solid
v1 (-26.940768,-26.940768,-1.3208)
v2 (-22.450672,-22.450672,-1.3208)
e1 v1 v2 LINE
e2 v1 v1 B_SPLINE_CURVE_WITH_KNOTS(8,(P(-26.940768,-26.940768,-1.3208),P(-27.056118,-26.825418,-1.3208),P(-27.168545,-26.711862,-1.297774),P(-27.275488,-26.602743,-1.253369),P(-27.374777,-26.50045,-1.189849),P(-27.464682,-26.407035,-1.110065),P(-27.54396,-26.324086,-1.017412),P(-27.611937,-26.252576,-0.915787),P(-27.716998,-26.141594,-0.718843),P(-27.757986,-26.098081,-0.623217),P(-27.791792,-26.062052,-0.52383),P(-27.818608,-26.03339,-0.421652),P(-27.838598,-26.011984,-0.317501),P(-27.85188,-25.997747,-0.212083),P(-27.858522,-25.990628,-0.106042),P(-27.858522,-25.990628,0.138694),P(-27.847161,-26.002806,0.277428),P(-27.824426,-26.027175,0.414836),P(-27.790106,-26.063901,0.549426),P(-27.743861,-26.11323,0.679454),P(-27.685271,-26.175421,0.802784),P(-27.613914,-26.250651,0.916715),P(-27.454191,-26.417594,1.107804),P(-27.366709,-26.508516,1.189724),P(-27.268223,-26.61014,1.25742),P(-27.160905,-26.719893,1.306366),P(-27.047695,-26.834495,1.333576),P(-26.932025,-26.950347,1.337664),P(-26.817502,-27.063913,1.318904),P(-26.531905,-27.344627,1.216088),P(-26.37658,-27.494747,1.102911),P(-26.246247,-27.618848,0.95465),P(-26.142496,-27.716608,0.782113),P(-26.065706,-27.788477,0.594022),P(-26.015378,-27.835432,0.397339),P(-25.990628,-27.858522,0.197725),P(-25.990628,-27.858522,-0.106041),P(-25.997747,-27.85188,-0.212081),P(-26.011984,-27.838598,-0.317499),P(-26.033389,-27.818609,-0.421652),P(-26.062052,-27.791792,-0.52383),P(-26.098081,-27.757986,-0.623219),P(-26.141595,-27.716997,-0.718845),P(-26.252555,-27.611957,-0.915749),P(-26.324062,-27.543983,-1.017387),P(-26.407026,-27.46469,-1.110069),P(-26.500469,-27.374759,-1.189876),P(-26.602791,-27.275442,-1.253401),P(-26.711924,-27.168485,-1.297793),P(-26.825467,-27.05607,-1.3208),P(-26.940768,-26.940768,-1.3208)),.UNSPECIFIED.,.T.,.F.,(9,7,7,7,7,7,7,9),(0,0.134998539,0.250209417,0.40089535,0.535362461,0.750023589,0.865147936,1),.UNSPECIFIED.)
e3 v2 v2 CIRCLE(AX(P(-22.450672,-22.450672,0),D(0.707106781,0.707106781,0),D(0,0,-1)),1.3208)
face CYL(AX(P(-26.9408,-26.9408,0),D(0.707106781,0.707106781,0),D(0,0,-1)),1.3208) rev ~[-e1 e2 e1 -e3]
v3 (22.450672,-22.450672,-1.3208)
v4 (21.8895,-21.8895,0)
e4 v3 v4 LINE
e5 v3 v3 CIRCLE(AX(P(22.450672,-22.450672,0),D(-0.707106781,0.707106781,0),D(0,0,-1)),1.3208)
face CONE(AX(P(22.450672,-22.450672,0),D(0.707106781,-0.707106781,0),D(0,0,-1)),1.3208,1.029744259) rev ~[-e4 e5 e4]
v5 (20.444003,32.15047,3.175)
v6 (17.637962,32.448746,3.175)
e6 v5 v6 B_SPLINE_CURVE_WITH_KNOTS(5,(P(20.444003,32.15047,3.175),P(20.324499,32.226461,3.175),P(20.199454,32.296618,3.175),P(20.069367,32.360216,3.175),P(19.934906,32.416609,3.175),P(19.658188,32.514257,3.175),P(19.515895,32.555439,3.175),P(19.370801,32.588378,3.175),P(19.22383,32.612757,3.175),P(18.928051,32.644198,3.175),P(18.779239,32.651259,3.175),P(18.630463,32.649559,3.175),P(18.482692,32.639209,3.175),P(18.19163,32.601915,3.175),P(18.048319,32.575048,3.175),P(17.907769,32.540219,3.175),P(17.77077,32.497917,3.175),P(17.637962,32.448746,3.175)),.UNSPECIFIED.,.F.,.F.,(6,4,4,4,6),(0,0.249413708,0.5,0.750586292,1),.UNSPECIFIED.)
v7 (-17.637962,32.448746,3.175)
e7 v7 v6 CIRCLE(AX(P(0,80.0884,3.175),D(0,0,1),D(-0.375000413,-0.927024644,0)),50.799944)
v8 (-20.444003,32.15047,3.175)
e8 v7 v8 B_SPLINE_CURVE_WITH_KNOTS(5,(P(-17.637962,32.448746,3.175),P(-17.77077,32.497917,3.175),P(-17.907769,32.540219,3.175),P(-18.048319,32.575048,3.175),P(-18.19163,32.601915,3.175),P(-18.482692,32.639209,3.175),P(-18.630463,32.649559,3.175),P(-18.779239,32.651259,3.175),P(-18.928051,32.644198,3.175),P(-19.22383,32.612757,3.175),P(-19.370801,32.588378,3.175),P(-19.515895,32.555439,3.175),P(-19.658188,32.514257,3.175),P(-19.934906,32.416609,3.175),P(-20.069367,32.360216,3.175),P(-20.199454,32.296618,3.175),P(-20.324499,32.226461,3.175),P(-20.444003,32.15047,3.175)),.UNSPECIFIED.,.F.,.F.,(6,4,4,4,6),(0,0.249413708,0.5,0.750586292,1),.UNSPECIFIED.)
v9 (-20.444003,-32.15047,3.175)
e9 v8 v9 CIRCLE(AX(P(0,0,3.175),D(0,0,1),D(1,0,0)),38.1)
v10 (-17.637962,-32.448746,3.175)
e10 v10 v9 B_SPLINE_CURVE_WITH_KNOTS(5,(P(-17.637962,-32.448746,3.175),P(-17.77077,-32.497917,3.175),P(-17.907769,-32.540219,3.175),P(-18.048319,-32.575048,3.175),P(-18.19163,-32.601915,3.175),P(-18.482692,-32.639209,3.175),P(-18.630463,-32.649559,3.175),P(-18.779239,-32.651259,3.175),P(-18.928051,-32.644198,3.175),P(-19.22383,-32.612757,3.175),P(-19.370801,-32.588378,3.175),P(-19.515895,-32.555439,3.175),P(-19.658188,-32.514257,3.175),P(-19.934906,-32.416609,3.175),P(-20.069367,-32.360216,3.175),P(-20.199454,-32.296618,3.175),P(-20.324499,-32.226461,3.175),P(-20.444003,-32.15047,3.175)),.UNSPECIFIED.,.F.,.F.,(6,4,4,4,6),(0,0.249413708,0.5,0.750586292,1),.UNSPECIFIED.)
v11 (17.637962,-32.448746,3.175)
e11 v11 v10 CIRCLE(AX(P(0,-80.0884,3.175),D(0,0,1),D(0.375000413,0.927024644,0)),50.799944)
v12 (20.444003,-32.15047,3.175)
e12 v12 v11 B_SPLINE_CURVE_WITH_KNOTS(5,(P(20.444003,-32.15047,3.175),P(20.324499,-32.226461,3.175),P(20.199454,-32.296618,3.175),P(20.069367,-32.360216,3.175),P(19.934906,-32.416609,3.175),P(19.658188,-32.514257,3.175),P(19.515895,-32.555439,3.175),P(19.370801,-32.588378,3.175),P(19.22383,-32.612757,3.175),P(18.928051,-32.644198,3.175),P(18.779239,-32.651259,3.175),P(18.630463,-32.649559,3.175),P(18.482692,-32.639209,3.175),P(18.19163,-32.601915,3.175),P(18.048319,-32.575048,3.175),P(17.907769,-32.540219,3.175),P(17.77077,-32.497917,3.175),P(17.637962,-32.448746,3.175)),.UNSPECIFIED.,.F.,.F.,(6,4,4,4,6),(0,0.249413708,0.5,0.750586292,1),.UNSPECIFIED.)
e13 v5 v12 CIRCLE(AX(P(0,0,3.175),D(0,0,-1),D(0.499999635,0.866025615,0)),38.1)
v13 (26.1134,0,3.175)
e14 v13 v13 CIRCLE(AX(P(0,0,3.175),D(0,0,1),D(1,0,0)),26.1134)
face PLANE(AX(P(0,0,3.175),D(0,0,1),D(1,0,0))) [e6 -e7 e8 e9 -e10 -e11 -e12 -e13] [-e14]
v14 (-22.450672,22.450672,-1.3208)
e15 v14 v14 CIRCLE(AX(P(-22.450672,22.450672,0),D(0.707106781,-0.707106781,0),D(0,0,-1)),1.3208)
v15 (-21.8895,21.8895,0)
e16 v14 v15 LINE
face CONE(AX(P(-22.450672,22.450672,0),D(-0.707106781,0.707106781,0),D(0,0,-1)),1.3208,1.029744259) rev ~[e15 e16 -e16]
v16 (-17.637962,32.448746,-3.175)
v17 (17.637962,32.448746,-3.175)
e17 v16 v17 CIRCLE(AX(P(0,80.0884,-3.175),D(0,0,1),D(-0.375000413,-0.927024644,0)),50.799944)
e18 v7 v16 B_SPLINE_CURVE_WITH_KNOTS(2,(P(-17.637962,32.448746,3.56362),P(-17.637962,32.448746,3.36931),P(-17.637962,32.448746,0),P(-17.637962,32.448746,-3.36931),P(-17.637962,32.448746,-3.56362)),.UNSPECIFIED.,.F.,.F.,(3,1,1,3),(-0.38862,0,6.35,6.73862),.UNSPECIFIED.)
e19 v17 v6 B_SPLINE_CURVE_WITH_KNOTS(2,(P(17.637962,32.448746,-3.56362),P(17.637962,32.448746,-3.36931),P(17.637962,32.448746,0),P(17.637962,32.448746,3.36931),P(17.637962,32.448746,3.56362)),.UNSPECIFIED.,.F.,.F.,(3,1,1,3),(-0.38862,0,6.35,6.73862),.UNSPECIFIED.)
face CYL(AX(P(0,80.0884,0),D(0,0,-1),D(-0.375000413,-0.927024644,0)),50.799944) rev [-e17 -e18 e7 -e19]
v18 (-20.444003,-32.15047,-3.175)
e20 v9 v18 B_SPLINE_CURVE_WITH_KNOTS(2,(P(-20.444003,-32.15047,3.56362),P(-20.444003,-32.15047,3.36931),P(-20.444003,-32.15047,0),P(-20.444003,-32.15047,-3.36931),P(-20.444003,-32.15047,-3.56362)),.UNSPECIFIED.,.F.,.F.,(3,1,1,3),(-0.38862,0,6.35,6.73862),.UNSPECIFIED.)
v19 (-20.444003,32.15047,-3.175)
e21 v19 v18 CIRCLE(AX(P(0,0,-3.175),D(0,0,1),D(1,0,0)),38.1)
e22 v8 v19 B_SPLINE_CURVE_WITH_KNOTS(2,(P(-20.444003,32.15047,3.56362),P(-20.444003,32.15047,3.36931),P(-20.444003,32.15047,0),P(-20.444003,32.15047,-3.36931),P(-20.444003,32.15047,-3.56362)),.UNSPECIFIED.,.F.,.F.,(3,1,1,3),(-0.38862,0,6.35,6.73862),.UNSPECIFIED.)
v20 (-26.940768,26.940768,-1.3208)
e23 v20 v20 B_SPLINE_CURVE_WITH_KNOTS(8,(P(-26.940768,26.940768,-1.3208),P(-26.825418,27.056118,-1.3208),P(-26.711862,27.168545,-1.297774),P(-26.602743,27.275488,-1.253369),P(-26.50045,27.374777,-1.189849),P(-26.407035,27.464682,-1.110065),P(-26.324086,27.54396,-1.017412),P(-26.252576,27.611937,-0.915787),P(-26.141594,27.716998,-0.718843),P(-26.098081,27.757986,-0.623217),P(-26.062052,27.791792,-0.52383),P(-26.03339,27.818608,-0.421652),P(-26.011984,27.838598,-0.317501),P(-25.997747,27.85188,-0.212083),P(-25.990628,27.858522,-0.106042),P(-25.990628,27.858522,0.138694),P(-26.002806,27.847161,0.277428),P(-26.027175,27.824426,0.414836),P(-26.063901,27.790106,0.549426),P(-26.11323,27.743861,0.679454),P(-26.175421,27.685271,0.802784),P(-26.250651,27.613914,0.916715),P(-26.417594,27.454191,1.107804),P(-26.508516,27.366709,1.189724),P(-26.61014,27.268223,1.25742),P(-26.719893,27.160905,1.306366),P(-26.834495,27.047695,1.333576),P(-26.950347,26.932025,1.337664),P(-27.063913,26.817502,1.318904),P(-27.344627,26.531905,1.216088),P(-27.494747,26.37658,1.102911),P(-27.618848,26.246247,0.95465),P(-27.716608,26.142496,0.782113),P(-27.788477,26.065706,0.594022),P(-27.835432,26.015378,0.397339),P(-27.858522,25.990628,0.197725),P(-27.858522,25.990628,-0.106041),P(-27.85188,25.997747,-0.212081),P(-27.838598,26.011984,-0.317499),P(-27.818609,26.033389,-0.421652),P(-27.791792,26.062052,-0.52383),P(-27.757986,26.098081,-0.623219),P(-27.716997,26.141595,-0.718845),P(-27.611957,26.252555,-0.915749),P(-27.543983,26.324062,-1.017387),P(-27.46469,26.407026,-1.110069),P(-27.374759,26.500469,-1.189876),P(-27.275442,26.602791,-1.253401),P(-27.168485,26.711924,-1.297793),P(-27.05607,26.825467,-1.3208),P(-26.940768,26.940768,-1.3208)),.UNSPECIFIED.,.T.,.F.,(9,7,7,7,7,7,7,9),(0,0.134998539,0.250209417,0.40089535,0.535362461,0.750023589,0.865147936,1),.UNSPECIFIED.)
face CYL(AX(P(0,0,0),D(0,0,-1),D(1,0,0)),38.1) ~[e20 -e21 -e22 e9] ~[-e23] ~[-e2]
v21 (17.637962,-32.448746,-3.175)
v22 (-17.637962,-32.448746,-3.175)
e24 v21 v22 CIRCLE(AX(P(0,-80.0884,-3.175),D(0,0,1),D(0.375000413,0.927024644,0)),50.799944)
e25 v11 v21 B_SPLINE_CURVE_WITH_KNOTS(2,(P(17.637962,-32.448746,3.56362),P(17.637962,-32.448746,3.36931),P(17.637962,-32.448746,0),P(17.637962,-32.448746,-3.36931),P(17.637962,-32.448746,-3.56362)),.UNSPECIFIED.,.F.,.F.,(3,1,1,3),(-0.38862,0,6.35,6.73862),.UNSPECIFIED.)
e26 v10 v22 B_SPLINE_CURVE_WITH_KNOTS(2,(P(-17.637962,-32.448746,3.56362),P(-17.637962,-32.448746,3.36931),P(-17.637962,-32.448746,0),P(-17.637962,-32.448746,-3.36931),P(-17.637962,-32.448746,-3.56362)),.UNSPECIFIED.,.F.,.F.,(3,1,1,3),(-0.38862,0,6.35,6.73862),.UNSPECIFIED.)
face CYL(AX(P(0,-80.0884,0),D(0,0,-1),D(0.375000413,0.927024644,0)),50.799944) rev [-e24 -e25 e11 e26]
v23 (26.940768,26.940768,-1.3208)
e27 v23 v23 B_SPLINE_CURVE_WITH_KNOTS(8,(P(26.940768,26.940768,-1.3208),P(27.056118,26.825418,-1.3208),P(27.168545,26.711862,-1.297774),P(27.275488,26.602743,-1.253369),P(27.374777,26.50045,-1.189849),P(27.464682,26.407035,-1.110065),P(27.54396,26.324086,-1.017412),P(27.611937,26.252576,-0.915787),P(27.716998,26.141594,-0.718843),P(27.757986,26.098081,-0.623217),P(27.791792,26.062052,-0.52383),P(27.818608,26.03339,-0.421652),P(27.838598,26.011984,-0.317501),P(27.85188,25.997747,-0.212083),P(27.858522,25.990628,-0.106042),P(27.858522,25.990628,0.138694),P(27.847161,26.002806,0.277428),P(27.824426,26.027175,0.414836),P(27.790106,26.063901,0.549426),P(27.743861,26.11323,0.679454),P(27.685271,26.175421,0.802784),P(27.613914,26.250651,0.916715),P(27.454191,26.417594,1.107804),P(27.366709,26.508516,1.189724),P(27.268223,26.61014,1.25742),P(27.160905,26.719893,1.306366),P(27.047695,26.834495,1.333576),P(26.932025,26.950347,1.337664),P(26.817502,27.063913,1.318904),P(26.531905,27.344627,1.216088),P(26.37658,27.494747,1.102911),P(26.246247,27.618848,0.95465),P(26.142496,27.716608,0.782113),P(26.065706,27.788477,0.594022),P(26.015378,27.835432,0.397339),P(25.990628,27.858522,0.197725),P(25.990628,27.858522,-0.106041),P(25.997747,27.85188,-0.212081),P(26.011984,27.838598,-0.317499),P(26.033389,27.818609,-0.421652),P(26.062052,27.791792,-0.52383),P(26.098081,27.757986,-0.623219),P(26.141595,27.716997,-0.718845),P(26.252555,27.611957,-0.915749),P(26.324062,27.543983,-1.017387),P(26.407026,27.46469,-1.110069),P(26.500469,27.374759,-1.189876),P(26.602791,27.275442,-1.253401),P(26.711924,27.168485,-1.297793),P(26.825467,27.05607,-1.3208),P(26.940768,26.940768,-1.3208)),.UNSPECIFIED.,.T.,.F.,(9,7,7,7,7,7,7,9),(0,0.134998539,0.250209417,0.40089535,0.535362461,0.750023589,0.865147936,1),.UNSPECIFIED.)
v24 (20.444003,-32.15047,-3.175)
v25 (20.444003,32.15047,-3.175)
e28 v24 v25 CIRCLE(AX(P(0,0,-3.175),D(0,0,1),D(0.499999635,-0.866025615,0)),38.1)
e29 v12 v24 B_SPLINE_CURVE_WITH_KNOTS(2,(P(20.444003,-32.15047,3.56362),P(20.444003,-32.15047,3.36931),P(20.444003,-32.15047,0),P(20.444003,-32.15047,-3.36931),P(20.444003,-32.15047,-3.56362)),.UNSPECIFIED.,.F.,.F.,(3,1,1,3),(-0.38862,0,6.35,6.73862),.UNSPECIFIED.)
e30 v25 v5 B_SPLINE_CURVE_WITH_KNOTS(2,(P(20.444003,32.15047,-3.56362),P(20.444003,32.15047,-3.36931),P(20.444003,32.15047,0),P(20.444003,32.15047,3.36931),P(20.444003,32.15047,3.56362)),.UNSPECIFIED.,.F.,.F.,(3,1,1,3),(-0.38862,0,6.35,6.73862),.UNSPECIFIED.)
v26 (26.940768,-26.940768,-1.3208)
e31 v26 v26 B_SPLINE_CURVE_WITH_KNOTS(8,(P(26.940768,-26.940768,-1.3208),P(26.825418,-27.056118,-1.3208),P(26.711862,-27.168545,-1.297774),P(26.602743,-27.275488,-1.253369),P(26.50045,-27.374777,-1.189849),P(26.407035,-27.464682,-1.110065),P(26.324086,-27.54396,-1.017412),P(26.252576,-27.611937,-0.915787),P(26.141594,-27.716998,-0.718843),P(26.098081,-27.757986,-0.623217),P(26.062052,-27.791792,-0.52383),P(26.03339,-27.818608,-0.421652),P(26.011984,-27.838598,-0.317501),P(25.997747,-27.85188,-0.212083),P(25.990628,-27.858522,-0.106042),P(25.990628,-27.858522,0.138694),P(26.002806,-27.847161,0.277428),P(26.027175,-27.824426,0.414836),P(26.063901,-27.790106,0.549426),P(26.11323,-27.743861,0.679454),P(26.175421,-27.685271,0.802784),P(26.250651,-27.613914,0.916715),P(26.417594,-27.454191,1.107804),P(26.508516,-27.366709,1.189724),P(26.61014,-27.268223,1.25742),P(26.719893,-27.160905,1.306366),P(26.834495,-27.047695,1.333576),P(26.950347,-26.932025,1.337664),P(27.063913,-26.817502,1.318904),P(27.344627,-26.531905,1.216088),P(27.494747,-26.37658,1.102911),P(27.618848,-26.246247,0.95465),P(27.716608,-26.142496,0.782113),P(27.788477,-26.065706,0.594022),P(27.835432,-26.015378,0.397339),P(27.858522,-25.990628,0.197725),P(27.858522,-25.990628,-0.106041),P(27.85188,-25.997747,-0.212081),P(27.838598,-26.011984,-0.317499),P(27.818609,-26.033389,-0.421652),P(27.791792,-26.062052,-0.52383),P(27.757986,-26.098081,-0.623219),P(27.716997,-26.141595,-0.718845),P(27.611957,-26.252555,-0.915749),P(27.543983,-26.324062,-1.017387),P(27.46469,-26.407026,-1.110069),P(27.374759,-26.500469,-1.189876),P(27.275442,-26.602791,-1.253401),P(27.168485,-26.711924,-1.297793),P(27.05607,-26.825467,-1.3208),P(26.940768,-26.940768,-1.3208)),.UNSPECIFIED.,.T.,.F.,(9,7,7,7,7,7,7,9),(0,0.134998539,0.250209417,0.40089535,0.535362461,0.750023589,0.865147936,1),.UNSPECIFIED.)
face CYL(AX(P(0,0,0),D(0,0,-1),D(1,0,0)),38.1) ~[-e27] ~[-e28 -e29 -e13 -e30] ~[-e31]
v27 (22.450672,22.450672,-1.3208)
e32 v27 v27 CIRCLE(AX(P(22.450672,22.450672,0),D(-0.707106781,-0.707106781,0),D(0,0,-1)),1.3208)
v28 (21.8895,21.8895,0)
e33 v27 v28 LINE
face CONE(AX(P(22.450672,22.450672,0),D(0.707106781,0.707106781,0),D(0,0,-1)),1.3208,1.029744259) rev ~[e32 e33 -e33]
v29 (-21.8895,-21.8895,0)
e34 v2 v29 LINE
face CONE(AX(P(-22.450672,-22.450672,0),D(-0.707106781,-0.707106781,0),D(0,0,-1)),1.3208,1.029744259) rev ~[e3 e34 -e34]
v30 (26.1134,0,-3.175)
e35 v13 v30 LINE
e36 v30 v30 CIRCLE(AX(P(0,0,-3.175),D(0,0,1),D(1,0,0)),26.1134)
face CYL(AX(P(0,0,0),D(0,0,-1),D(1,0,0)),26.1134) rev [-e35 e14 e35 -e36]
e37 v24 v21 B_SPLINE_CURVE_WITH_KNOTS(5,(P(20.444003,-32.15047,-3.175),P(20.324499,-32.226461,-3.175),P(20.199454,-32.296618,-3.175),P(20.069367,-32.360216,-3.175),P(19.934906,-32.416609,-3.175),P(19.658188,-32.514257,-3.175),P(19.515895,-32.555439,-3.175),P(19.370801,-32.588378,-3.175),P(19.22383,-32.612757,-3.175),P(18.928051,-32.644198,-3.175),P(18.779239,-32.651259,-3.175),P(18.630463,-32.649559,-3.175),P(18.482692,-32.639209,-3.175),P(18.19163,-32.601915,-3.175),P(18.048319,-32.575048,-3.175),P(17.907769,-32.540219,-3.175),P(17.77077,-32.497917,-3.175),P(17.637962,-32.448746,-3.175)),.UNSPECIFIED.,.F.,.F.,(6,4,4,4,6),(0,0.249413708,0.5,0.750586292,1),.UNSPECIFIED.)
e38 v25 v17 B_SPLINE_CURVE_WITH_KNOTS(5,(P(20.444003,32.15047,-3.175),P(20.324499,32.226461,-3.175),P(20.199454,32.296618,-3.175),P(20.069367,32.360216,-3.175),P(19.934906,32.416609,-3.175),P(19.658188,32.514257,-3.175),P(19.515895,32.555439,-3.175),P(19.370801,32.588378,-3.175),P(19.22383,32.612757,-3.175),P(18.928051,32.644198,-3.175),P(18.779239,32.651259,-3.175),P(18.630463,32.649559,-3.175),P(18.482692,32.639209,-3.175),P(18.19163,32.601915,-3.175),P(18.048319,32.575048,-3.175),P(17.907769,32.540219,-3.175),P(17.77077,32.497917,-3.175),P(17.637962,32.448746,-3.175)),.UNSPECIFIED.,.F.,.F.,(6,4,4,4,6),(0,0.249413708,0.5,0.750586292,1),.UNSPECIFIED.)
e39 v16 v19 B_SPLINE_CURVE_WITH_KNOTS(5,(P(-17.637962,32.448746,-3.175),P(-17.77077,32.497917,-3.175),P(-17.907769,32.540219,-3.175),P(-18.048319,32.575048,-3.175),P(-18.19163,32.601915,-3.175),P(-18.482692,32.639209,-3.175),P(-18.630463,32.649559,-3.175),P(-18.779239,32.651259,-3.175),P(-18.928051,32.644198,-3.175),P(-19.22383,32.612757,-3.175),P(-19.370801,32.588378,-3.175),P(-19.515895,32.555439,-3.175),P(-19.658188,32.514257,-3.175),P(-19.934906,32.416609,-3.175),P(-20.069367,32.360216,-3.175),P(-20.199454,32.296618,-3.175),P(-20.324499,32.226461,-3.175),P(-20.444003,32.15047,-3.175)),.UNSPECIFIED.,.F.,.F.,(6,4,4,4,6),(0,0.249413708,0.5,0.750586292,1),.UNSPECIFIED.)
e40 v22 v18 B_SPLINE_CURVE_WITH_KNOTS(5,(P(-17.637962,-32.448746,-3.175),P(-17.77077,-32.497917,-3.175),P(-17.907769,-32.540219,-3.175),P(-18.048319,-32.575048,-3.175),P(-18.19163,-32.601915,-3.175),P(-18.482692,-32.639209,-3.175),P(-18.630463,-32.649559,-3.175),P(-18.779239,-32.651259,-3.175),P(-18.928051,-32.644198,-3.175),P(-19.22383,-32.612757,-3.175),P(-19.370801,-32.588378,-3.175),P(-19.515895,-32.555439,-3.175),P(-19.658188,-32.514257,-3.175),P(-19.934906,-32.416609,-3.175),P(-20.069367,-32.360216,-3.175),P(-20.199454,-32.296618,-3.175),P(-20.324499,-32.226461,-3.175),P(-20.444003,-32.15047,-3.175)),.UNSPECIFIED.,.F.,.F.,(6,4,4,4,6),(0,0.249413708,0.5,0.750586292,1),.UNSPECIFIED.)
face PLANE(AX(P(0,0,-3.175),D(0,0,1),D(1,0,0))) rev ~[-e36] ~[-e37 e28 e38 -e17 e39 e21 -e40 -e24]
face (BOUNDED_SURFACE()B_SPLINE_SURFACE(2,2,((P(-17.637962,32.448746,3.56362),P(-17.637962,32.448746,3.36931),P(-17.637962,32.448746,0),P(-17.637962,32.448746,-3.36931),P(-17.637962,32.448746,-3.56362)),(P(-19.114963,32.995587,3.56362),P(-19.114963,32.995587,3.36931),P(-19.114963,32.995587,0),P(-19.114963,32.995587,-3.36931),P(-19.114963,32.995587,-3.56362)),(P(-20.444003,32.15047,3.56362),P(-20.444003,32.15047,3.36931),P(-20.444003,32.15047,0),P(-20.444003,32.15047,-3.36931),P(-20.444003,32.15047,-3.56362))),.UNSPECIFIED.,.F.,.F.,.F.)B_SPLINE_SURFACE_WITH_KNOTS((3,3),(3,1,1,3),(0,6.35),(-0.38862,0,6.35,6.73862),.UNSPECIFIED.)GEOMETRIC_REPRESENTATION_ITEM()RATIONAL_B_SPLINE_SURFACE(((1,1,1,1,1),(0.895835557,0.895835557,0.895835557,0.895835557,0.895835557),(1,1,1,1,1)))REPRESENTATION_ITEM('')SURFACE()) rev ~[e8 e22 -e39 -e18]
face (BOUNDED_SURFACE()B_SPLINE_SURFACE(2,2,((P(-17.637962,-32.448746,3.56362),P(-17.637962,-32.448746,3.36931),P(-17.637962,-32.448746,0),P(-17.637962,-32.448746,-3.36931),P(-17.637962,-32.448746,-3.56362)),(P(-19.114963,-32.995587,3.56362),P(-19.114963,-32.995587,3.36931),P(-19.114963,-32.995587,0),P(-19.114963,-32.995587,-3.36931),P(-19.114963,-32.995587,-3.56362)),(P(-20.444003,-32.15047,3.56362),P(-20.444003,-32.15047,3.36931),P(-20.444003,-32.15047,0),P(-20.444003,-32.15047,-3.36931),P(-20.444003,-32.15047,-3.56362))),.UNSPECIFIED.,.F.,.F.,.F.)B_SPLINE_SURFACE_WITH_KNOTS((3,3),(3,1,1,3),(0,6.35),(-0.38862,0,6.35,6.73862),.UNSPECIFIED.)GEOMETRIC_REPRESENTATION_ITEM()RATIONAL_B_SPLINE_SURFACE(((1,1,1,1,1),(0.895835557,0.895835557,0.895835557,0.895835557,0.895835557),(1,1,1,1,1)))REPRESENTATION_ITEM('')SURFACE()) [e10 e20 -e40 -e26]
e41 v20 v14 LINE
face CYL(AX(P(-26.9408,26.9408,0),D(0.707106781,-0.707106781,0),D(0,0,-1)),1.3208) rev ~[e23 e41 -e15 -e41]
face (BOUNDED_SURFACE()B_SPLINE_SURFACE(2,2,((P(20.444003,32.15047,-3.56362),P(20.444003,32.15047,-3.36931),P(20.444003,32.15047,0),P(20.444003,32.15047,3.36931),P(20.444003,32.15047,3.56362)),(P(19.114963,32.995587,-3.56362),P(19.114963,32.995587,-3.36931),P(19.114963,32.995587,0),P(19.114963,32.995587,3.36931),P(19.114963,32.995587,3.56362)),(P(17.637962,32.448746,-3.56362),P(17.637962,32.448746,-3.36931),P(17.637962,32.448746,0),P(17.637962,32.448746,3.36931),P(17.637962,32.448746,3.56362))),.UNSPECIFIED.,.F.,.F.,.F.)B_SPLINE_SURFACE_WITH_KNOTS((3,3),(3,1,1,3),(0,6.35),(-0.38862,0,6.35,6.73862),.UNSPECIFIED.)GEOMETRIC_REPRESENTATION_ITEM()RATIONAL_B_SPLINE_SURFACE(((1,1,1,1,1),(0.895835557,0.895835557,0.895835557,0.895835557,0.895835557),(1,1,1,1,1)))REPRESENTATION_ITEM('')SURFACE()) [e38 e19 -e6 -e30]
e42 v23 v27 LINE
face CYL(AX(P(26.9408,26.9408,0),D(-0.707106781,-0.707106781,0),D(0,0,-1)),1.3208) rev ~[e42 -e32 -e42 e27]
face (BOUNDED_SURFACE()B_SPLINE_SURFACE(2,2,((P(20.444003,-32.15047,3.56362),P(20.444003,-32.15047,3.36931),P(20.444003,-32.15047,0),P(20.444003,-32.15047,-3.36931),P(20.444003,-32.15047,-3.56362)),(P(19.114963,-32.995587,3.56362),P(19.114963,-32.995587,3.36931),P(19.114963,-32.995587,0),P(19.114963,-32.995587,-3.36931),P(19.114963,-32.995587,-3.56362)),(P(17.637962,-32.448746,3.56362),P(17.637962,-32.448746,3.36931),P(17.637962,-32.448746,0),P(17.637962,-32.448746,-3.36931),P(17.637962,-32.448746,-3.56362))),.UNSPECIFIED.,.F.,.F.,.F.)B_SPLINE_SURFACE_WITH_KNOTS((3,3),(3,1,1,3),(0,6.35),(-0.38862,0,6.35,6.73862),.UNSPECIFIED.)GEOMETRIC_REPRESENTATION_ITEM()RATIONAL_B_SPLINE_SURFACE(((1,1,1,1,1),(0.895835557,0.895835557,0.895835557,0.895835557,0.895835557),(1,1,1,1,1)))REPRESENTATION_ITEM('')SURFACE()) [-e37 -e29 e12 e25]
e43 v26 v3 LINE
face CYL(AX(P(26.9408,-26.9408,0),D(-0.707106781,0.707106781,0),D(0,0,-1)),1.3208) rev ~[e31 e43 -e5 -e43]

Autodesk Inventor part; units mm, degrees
ref_plane "XY Plane" through (0, 0, 0) normal (0, 0, 1) x (1, 0, 0)
sketch "Sketch1" plane through (0, 0, 0) normal (0, 0, 1) x (1, 0, 0)
  circle A0 centre (0, 0) radius 38.1
  arc A1 (-19.05, 32.9956) -> (19.05, 32.9956) centre (0, 80.0884) ccw
  line L0 (-38.1, 0) -> (38.1, 0) construction
  arc A2 (19.05, -32.9956) -> (-19.05, -32.9956) centre (0, -80.0884) ccw
  circle A3 centre (0, 0) radius 26.1134
  line L1 (0, 29.2884) -> (0, 26.1134) construction
  point P0 (-19.05, -32.9956)
  point P1 (19.05, -32.9956)
  dimension "d0" = 76.2
  dimension "d1" = 38.1
  dimension "d3" = 50.8
  dimension "d4" = 3.175
extrude "Extrusion1" add sketch "Sketch1" along normal mid plane 6.35 contours A0 A2 A1
ref_plane "Work Plane4" through (26.9408, -26.9408, 0) normal (-0.7071, 0.7071, 0) x (0, 0, 1)
ref_plane "Work Plane3" through (38.1, 38.1, 0) normal (-0.7071, 0.7071, 0) x (0, 0, 1)
sketch "Sketch2" plane through (26.9408, -26.9408, 0) normal (-0.7071, 0.7071, 0) x (0, 0, 1)
  point P0 (0, 0)
  point P1 (0, 0)
hole "Hole1" at (26.9408, -26.9408, 0) direction (-0.7071, 0.7071, 0) diameter 2.6416 depth 6.35 tip angle 118 thread size "6-32 UNC" class "2B" standard "ANSI Unified Screw Threads"
pattern_circular "Circular Pattern1" count 4 over 360 about axis through (0, 0, 0) along (0, 0, 1) of "Hole1"
fillet "Fillet1" radius 3.175 4 edges at (-19.05, -32.9956, 0) (19.05, -32.9956, 0) (19.05, 32.9956, 0) (-19.05, 32.9956, 0)
ref_plane "Work Plane1" through (0, 38.1, 0) normal (0, 1, 0) x (-1, 0, 0)
ref_plane "Work Plane2" through (38.1, 0, 0) normal (1, 0, 0) x (0, 1, 0)
properties part number "ShockCordSupportBulkhead"
